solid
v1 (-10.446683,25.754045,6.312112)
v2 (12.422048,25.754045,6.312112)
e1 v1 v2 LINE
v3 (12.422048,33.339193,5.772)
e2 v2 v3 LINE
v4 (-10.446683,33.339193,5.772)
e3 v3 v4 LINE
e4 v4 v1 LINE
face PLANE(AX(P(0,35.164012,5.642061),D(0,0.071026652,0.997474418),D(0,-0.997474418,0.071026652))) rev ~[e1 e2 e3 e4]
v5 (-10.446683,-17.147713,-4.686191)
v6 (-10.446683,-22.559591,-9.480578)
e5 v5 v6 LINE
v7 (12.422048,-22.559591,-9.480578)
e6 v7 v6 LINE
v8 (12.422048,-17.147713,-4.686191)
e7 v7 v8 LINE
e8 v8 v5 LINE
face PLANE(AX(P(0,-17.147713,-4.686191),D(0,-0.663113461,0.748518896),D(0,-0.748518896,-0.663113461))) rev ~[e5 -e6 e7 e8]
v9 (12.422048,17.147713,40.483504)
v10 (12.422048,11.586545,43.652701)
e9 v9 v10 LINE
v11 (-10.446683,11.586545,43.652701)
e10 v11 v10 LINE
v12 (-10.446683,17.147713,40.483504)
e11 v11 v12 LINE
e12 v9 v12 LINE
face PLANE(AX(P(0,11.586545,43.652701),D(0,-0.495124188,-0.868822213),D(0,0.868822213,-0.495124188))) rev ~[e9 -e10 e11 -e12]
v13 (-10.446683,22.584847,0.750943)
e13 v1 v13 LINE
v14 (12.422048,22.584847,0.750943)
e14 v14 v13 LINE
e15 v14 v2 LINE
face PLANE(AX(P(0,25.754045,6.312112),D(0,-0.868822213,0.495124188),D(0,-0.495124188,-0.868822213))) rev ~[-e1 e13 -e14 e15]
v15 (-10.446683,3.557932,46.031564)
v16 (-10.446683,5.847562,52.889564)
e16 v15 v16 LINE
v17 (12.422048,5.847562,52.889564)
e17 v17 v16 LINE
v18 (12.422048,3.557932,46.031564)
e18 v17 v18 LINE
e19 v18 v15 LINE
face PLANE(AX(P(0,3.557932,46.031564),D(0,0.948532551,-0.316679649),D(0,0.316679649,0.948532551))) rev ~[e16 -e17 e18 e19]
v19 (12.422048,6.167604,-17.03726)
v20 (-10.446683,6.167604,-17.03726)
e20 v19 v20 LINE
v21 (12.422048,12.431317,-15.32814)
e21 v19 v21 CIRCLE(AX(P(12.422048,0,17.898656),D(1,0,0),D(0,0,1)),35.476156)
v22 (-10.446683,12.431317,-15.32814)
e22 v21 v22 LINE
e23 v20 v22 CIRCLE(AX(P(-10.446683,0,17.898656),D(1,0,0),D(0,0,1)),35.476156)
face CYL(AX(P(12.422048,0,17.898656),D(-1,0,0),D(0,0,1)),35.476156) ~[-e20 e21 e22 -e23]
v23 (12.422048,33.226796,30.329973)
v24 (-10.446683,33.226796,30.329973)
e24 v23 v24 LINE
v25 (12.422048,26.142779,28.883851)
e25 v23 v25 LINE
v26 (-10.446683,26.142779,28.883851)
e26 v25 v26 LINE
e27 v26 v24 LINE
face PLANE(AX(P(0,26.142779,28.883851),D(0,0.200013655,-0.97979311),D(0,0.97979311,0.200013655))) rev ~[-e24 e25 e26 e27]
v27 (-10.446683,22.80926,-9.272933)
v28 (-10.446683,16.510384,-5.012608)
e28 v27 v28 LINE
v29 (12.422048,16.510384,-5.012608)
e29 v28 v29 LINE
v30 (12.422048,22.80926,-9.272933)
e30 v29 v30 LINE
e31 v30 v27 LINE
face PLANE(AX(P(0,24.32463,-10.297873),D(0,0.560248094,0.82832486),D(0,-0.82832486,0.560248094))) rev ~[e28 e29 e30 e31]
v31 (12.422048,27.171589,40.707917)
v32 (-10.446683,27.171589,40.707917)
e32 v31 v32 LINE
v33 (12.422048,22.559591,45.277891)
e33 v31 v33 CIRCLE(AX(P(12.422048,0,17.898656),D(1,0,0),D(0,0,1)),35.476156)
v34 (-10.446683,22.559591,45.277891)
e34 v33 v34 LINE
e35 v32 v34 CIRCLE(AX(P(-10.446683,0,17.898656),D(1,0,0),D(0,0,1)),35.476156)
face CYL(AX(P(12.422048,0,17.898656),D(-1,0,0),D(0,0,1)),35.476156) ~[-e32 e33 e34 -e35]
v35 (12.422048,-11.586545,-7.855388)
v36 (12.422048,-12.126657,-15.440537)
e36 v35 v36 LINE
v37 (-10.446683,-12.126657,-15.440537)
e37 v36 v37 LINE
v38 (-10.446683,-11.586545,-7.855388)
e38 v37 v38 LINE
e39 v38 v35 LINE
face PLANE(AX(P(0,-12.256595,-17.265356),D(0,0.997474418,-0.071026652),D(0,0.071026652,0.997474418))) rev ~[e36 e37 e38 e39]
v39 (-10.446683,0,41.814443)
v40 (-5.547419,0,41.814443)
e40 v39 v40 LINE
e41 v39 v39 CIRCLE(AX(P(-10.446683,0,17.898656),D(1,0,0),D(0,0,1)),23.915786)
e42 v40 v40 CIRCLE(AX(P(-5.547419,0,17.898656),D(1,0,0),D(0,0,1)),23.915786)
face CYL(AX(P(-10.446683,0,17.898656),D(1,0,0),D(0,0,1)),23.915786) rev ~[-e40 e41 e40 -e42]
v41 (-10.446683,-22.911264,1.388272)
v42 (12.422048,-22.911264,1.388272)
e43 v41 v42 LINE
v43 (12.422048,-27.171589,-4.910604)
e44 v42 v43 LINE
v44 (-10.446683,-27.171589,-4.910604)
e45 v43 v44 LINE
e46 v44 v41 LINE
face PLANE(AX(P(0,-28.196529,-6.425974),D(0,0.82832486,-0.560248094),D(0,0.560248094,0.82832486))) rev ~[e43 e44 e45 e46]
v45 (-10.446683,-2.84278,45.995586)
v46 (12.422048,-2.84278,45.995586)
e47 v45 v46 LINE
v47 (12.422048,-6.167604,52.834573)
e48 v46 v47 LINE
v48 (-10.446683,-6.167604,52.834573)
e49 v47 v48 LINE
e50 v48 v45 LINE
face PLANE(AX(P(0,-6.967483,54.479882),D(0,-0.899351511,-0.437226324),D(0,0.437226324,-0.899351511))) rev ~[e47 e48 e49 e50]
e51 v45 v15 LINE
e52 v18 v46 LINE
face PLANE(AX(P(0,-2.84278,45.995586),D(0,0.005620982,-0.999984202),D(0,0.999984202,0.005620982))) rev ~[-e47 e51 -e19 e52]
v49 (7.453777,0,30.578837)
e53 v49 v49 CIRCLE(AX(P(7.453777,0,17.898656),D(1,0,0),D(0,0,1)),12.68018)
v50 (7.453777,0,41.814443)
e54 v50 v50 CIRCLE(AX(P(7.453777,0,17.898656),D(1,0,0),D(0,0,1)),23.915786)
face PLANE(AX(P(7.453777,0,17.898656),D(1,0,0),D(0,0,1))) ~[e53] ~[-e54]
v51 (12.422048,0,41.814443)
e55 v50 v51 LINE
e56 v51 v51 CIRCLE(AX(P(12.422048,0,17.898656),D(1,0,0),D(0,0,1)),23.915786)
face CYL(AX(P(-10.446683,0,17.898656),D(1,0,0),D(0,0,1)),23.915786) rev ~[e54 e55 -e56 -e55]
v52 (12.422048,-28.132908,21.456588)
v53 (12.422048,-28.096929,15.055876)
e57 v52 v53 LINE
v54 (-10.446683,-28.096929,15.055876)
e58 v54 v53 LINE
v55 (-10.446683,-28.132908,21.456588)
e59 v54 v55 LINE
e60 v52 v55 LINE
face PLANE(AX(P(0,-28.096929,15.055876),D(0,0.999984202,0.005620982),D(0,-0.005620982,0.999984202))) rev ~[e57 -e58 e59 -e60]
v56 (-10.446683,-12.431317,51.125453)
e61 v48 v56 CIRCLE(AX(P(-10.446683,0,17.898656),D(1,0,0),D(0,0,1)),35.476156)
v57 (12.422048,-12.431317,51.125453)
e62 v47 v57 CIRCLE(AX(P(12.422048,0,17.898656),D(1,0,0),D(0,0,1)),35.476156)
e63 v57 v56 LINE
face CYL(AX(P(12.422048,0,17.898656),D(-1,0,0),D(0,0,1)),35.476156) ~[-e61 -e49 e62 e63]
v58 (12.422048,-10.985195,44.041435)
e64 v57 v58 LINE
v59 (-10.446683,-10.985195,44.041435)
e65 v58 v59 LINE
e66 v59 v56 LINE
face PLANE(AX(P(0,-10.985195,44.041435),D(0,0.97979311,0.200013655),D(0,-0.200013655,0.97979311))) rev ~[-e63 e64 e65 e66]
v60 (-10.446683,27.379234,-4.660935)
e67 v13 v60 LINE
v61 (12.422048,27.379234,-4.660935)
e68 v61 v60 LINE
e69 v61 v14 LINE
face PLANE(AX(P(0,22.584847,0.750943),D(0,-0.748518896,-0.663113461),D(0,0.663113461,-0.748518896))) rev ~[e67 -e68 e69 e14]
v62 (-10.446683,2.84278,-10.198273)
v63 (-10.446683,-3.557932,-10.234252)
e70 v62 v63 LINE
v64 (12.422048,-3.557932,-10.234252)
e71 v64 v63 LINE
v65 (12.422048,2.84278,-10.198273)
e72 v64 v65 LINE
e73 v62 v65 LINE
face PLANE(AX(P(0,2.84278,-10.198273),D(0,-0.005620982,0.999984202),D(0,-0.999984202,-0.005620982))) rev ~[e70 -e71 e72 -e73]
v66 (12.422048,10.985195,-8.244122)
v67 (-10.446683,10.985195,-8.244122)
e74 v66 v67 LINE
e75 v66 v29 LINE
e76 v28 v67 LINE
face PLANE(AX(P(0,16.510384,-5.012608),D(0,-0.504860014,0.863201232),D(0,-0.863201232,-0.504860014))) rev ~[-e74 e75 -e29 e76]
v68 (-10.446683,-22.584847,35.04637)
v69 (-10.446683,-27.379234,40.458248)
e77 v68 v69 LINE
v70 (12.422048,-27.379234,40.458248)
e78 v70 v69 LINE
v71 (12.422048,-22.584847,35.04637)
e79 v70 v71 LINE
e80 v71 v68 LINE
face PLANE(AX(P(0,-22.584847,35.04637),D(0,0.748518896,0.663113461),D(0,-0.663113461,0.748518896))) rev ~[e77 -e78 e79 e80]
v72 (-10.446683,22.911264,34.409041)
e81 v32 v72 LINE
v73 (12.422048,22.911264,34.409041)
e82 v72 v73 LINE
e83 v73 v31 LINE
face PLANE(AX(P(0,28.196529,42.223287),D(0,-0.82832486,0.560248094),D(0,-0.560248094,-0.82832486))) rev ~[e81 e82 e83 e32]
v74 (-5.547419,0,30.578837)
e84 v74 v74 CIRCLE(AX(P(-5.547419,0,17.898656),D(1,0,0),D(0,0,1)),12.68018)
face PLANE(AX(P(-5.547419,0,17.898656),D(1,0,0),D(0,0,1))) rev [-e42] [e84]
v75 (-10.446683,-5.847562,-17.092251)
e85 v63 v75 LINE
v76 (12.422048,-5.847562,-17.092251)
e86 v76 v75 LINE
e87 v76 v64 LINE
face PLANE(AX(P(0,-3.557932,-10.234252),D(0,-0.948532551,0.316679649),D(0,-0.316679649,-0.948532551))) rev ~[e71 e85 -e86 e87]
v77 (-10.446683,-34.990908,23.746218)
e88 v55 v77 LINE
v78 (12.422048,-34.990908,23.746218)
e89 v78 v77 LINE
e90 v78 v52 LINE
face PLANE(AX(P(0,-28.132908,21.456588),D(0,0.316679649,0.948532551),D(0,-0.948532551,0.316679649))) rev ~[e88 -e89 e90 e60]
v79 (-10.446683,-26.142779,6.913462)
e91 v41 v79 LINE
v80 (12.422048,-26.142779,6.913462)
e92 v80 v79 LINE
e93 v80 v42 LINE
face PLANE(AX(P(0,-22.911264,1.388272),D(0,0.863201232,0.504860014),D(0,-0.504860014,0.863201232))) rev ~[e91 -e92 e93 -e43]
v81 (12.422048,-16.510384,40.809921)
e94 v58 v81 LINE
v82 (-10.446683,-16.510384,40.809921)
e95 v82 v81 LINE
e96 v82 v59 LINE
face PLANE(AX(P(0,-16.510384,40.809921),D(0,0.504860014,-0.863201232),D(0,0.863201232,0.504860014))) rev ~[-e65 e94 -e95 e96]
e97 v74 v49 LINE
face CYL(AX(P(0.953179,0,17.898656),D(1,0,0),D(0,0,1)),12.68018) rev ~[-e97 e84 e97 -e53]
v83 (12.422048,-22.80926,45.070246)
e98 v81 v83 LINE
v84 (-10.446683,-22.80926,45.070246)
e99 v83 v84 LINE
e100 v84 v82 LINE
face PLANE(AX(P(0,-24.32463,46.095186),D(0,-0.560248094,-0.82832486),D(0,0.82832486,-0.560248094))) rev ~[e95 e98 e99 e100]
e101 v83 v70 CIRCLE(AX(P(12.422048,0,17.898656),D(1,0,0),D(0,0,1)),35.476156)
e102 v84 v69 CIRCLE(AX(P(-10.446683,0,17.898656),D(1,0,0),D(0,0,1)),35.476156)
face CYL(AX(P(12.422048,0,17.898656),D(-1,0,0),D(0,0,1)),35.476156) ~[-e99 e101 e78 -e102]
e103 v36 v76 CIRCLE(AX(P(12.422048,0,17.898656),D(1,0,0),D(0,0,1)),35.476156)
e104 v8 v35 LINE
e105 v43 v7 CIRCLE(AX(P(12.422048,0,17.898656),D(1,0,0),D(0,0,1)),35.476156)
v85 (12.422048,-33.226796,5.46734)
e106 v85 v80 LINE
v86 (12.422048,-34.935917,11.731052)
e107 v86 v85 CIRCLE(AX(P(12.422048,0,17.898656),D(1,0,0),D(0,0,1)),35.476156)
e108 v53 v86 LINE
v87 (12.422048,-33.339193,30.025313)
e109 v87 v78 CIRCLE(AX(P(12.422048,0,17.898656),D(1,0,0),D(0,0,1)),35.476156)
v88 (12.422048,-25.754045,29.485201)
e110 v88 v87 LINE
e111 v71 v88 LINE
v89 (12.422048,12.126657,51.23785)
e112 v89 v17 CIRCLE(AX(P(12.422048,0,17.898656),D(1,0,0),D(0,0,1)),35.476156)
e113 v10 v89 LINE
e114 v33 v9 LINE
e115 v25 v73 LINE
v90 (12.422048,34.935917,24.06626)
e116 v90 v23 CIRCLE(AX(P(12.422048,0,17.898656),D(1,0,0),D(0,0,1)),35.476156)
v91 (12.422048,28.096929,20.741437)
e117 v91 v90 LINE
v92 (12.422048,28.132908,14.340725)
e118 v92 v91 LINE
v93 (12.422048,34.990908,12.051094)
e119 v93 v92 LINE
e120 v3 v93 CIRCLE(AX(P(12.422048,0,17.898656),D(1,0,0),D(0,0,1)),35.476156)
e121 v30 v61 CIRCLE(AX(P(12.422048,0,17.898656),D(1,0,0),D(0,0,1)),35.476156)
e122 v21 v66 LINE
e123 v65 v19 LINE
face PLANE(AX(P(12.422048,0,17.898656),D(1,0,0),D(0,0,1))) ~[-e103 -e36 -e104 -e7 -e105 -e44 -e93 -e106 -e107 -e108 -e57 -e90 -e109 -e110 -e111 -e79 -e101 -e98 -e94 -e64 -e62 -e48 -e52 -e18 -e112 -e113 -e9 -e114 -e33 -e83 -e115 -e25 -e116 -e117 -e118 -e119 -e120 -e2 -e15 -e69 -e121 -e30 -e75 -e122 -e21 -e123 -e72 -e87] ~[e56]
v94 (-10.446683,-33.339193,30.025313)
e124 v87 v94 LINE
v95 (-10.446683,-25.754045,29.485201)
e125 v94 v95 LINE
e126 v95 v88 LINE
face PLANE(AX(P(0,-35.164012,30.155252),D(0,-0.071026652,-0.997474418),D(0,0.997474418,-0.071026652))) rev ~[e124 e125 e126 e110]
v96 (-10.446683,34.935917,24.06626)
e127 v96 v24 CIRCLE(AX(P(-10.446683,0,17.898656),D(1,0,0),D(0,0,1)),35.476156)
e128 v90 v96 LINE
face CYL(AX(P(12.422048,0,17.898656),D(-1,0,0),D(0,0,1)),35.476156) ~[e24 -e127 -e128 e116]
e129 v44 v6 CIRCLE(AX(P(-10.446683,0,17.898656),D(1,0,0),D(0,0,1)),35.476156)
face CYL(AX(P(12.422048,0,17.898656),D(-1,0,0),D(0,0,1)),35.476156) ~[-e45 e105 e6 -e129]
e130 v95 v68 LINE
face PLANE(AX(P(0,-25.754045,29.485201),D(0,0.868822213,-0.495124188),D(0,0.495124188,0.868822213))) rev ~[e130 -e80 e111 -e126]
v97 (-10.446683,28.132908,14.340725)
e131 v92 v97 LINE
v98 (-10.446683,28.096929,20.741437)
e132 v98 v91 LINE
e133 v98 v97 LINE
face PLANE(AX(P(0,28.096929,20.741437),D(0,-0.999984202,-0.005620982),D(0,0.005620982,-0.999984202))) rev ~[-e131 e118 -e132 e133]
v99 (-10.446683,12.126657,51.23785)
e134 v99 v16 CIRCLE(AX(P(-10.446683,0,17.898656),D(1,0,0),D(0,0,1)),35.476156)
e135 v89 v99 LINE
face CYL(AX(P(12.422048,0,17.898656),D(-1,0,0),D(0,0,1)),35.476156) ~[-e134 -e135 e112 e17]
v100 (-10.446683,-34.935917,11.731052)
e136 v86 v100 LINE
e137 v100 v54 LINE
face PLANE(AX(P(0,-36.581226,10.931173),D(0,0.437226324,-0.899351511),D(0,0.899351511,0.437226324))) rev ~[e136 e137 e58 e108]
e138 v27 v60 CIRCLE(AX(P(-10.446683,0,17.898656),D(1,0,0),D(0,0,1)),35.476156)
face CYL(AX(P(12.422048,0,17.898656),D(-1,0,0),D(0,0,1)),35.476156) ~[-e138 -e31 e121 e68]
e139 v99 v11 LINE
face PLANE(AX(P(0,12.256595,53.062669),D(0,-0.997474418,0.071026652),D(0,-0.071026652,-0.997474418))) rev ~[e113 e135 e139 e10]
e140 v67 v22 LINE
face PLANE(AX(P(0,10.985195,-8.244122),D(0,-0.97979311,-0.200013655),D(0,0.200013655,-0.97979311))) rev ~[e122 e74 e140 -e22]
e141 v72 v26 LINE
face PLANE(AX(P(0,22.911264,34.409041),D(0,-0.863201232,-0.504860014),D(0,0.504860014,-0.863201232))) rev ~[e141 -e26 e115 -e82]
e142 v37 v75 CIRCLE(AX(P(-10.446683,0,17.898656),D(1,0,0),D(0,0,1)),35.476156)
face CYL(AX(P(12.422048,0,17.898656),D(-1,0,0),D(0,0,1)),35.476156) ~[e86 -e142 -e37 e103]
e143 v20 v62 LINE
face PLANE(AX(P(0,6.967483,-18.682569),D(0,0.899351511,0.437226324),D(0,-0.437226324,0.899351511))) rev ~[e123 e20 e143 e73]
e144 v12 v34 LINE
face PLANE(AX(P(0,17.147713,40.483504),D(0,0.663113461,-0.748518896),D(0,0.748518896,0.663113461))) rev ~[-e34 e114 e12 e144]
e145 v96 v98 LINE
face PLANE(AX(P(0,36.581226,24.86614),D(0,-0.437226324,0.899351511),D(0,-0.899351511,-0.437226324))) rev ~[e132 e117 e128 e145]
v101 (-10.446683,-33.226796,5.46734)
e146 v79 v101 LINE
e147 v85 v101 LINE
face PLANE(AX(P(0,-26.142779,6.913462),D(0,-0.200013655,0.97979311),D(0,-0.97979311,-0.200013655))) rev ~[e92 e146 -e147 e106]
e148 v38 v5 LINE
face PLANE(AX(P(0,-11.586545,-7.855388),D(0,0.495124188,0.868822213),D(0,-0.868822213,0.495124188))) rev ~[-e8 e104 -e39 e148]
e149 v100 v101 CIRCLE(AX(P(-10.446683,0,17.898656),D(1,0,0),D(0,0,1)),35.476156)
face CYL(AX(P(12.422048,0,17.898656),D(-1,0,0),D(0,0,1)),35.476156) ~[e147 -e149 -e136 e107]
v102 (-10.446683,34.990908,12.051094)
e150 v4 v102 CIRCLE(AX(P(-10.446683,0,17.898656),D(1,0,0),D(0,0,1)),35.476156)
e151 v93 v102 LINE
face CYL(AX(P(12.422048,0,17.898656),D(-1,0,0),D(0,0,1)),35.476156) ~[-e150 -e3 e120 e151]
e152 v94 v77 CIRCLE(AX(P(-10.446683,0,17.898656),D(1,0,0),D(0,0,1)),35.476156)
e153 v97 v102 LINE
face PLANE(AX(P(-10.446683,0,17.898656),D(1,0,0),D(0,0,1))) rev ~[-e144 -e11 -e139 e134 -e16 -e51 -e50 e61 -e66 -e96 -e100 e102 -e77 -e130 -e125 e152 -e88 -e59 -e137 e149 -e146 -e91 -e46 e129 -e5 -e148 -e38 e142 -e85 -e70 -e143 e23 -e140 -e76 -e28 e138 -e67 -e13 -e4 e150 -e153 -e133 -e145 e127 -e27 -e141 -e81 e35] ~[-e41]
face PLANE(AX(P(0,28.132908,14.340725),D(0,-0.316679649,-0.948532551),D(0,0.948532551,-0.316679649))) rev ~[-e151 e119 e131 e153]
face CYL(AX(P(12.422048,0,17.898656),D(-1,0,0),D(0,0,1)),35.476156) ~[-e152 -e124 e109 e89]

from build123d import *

# Parameters (mm, degrees)
F0_W     = 13.0011960864
F0_H     = 11.2356059253
F3_DEPTH = 35.5538306758
F4_COUNT = 12


with BuildPart() as f1:
    # F0 (on Front) → F1 (revolve)
    with BuildSketch(Plane.XZ):
        Polygon((12.4220475554, 53.374812007), (-10.4466825724, 53.374812007), (-10.4466825724, 41.814442724), (-5.5474191904, 41.814442724), (7.453776896, 41.814442724), (12.4220475554, 41.814442724), align=None)
        with Locations((0.9531788528, 36.1966397613)):
            Rectangle(F0_W, F0_H)
    revolve(axis=Axis((1.9577341154, 0, 17.8986564279), (1, 0, 0)))

    # F2 (on Right) → F3 (cut, symmetric)
    with BuildSketch(Plane.YZ):
        Polygon((6.6623128951, 55.3299412131), (-6.9674830884, 54.4798821211), (-2.8427802026, 45.9955856204), (3.5579316318, 46.0315644741), align=None)
    f3 = extrude(amount=F3_DEPTH, both=True, mode=Mode.SUBTRACT)

    # F4: F3 ×12 about axis
    f4_axis = Axis((12.4220475554, 0, 17.8986564279), (1, 0, 0))
    for i in range(1, F4_COUNT):
        add(f3.rotate(f4_axis, i * 360 / F4_COUNT), mode=Mode.SUBTRACT)


solid = f1.part
